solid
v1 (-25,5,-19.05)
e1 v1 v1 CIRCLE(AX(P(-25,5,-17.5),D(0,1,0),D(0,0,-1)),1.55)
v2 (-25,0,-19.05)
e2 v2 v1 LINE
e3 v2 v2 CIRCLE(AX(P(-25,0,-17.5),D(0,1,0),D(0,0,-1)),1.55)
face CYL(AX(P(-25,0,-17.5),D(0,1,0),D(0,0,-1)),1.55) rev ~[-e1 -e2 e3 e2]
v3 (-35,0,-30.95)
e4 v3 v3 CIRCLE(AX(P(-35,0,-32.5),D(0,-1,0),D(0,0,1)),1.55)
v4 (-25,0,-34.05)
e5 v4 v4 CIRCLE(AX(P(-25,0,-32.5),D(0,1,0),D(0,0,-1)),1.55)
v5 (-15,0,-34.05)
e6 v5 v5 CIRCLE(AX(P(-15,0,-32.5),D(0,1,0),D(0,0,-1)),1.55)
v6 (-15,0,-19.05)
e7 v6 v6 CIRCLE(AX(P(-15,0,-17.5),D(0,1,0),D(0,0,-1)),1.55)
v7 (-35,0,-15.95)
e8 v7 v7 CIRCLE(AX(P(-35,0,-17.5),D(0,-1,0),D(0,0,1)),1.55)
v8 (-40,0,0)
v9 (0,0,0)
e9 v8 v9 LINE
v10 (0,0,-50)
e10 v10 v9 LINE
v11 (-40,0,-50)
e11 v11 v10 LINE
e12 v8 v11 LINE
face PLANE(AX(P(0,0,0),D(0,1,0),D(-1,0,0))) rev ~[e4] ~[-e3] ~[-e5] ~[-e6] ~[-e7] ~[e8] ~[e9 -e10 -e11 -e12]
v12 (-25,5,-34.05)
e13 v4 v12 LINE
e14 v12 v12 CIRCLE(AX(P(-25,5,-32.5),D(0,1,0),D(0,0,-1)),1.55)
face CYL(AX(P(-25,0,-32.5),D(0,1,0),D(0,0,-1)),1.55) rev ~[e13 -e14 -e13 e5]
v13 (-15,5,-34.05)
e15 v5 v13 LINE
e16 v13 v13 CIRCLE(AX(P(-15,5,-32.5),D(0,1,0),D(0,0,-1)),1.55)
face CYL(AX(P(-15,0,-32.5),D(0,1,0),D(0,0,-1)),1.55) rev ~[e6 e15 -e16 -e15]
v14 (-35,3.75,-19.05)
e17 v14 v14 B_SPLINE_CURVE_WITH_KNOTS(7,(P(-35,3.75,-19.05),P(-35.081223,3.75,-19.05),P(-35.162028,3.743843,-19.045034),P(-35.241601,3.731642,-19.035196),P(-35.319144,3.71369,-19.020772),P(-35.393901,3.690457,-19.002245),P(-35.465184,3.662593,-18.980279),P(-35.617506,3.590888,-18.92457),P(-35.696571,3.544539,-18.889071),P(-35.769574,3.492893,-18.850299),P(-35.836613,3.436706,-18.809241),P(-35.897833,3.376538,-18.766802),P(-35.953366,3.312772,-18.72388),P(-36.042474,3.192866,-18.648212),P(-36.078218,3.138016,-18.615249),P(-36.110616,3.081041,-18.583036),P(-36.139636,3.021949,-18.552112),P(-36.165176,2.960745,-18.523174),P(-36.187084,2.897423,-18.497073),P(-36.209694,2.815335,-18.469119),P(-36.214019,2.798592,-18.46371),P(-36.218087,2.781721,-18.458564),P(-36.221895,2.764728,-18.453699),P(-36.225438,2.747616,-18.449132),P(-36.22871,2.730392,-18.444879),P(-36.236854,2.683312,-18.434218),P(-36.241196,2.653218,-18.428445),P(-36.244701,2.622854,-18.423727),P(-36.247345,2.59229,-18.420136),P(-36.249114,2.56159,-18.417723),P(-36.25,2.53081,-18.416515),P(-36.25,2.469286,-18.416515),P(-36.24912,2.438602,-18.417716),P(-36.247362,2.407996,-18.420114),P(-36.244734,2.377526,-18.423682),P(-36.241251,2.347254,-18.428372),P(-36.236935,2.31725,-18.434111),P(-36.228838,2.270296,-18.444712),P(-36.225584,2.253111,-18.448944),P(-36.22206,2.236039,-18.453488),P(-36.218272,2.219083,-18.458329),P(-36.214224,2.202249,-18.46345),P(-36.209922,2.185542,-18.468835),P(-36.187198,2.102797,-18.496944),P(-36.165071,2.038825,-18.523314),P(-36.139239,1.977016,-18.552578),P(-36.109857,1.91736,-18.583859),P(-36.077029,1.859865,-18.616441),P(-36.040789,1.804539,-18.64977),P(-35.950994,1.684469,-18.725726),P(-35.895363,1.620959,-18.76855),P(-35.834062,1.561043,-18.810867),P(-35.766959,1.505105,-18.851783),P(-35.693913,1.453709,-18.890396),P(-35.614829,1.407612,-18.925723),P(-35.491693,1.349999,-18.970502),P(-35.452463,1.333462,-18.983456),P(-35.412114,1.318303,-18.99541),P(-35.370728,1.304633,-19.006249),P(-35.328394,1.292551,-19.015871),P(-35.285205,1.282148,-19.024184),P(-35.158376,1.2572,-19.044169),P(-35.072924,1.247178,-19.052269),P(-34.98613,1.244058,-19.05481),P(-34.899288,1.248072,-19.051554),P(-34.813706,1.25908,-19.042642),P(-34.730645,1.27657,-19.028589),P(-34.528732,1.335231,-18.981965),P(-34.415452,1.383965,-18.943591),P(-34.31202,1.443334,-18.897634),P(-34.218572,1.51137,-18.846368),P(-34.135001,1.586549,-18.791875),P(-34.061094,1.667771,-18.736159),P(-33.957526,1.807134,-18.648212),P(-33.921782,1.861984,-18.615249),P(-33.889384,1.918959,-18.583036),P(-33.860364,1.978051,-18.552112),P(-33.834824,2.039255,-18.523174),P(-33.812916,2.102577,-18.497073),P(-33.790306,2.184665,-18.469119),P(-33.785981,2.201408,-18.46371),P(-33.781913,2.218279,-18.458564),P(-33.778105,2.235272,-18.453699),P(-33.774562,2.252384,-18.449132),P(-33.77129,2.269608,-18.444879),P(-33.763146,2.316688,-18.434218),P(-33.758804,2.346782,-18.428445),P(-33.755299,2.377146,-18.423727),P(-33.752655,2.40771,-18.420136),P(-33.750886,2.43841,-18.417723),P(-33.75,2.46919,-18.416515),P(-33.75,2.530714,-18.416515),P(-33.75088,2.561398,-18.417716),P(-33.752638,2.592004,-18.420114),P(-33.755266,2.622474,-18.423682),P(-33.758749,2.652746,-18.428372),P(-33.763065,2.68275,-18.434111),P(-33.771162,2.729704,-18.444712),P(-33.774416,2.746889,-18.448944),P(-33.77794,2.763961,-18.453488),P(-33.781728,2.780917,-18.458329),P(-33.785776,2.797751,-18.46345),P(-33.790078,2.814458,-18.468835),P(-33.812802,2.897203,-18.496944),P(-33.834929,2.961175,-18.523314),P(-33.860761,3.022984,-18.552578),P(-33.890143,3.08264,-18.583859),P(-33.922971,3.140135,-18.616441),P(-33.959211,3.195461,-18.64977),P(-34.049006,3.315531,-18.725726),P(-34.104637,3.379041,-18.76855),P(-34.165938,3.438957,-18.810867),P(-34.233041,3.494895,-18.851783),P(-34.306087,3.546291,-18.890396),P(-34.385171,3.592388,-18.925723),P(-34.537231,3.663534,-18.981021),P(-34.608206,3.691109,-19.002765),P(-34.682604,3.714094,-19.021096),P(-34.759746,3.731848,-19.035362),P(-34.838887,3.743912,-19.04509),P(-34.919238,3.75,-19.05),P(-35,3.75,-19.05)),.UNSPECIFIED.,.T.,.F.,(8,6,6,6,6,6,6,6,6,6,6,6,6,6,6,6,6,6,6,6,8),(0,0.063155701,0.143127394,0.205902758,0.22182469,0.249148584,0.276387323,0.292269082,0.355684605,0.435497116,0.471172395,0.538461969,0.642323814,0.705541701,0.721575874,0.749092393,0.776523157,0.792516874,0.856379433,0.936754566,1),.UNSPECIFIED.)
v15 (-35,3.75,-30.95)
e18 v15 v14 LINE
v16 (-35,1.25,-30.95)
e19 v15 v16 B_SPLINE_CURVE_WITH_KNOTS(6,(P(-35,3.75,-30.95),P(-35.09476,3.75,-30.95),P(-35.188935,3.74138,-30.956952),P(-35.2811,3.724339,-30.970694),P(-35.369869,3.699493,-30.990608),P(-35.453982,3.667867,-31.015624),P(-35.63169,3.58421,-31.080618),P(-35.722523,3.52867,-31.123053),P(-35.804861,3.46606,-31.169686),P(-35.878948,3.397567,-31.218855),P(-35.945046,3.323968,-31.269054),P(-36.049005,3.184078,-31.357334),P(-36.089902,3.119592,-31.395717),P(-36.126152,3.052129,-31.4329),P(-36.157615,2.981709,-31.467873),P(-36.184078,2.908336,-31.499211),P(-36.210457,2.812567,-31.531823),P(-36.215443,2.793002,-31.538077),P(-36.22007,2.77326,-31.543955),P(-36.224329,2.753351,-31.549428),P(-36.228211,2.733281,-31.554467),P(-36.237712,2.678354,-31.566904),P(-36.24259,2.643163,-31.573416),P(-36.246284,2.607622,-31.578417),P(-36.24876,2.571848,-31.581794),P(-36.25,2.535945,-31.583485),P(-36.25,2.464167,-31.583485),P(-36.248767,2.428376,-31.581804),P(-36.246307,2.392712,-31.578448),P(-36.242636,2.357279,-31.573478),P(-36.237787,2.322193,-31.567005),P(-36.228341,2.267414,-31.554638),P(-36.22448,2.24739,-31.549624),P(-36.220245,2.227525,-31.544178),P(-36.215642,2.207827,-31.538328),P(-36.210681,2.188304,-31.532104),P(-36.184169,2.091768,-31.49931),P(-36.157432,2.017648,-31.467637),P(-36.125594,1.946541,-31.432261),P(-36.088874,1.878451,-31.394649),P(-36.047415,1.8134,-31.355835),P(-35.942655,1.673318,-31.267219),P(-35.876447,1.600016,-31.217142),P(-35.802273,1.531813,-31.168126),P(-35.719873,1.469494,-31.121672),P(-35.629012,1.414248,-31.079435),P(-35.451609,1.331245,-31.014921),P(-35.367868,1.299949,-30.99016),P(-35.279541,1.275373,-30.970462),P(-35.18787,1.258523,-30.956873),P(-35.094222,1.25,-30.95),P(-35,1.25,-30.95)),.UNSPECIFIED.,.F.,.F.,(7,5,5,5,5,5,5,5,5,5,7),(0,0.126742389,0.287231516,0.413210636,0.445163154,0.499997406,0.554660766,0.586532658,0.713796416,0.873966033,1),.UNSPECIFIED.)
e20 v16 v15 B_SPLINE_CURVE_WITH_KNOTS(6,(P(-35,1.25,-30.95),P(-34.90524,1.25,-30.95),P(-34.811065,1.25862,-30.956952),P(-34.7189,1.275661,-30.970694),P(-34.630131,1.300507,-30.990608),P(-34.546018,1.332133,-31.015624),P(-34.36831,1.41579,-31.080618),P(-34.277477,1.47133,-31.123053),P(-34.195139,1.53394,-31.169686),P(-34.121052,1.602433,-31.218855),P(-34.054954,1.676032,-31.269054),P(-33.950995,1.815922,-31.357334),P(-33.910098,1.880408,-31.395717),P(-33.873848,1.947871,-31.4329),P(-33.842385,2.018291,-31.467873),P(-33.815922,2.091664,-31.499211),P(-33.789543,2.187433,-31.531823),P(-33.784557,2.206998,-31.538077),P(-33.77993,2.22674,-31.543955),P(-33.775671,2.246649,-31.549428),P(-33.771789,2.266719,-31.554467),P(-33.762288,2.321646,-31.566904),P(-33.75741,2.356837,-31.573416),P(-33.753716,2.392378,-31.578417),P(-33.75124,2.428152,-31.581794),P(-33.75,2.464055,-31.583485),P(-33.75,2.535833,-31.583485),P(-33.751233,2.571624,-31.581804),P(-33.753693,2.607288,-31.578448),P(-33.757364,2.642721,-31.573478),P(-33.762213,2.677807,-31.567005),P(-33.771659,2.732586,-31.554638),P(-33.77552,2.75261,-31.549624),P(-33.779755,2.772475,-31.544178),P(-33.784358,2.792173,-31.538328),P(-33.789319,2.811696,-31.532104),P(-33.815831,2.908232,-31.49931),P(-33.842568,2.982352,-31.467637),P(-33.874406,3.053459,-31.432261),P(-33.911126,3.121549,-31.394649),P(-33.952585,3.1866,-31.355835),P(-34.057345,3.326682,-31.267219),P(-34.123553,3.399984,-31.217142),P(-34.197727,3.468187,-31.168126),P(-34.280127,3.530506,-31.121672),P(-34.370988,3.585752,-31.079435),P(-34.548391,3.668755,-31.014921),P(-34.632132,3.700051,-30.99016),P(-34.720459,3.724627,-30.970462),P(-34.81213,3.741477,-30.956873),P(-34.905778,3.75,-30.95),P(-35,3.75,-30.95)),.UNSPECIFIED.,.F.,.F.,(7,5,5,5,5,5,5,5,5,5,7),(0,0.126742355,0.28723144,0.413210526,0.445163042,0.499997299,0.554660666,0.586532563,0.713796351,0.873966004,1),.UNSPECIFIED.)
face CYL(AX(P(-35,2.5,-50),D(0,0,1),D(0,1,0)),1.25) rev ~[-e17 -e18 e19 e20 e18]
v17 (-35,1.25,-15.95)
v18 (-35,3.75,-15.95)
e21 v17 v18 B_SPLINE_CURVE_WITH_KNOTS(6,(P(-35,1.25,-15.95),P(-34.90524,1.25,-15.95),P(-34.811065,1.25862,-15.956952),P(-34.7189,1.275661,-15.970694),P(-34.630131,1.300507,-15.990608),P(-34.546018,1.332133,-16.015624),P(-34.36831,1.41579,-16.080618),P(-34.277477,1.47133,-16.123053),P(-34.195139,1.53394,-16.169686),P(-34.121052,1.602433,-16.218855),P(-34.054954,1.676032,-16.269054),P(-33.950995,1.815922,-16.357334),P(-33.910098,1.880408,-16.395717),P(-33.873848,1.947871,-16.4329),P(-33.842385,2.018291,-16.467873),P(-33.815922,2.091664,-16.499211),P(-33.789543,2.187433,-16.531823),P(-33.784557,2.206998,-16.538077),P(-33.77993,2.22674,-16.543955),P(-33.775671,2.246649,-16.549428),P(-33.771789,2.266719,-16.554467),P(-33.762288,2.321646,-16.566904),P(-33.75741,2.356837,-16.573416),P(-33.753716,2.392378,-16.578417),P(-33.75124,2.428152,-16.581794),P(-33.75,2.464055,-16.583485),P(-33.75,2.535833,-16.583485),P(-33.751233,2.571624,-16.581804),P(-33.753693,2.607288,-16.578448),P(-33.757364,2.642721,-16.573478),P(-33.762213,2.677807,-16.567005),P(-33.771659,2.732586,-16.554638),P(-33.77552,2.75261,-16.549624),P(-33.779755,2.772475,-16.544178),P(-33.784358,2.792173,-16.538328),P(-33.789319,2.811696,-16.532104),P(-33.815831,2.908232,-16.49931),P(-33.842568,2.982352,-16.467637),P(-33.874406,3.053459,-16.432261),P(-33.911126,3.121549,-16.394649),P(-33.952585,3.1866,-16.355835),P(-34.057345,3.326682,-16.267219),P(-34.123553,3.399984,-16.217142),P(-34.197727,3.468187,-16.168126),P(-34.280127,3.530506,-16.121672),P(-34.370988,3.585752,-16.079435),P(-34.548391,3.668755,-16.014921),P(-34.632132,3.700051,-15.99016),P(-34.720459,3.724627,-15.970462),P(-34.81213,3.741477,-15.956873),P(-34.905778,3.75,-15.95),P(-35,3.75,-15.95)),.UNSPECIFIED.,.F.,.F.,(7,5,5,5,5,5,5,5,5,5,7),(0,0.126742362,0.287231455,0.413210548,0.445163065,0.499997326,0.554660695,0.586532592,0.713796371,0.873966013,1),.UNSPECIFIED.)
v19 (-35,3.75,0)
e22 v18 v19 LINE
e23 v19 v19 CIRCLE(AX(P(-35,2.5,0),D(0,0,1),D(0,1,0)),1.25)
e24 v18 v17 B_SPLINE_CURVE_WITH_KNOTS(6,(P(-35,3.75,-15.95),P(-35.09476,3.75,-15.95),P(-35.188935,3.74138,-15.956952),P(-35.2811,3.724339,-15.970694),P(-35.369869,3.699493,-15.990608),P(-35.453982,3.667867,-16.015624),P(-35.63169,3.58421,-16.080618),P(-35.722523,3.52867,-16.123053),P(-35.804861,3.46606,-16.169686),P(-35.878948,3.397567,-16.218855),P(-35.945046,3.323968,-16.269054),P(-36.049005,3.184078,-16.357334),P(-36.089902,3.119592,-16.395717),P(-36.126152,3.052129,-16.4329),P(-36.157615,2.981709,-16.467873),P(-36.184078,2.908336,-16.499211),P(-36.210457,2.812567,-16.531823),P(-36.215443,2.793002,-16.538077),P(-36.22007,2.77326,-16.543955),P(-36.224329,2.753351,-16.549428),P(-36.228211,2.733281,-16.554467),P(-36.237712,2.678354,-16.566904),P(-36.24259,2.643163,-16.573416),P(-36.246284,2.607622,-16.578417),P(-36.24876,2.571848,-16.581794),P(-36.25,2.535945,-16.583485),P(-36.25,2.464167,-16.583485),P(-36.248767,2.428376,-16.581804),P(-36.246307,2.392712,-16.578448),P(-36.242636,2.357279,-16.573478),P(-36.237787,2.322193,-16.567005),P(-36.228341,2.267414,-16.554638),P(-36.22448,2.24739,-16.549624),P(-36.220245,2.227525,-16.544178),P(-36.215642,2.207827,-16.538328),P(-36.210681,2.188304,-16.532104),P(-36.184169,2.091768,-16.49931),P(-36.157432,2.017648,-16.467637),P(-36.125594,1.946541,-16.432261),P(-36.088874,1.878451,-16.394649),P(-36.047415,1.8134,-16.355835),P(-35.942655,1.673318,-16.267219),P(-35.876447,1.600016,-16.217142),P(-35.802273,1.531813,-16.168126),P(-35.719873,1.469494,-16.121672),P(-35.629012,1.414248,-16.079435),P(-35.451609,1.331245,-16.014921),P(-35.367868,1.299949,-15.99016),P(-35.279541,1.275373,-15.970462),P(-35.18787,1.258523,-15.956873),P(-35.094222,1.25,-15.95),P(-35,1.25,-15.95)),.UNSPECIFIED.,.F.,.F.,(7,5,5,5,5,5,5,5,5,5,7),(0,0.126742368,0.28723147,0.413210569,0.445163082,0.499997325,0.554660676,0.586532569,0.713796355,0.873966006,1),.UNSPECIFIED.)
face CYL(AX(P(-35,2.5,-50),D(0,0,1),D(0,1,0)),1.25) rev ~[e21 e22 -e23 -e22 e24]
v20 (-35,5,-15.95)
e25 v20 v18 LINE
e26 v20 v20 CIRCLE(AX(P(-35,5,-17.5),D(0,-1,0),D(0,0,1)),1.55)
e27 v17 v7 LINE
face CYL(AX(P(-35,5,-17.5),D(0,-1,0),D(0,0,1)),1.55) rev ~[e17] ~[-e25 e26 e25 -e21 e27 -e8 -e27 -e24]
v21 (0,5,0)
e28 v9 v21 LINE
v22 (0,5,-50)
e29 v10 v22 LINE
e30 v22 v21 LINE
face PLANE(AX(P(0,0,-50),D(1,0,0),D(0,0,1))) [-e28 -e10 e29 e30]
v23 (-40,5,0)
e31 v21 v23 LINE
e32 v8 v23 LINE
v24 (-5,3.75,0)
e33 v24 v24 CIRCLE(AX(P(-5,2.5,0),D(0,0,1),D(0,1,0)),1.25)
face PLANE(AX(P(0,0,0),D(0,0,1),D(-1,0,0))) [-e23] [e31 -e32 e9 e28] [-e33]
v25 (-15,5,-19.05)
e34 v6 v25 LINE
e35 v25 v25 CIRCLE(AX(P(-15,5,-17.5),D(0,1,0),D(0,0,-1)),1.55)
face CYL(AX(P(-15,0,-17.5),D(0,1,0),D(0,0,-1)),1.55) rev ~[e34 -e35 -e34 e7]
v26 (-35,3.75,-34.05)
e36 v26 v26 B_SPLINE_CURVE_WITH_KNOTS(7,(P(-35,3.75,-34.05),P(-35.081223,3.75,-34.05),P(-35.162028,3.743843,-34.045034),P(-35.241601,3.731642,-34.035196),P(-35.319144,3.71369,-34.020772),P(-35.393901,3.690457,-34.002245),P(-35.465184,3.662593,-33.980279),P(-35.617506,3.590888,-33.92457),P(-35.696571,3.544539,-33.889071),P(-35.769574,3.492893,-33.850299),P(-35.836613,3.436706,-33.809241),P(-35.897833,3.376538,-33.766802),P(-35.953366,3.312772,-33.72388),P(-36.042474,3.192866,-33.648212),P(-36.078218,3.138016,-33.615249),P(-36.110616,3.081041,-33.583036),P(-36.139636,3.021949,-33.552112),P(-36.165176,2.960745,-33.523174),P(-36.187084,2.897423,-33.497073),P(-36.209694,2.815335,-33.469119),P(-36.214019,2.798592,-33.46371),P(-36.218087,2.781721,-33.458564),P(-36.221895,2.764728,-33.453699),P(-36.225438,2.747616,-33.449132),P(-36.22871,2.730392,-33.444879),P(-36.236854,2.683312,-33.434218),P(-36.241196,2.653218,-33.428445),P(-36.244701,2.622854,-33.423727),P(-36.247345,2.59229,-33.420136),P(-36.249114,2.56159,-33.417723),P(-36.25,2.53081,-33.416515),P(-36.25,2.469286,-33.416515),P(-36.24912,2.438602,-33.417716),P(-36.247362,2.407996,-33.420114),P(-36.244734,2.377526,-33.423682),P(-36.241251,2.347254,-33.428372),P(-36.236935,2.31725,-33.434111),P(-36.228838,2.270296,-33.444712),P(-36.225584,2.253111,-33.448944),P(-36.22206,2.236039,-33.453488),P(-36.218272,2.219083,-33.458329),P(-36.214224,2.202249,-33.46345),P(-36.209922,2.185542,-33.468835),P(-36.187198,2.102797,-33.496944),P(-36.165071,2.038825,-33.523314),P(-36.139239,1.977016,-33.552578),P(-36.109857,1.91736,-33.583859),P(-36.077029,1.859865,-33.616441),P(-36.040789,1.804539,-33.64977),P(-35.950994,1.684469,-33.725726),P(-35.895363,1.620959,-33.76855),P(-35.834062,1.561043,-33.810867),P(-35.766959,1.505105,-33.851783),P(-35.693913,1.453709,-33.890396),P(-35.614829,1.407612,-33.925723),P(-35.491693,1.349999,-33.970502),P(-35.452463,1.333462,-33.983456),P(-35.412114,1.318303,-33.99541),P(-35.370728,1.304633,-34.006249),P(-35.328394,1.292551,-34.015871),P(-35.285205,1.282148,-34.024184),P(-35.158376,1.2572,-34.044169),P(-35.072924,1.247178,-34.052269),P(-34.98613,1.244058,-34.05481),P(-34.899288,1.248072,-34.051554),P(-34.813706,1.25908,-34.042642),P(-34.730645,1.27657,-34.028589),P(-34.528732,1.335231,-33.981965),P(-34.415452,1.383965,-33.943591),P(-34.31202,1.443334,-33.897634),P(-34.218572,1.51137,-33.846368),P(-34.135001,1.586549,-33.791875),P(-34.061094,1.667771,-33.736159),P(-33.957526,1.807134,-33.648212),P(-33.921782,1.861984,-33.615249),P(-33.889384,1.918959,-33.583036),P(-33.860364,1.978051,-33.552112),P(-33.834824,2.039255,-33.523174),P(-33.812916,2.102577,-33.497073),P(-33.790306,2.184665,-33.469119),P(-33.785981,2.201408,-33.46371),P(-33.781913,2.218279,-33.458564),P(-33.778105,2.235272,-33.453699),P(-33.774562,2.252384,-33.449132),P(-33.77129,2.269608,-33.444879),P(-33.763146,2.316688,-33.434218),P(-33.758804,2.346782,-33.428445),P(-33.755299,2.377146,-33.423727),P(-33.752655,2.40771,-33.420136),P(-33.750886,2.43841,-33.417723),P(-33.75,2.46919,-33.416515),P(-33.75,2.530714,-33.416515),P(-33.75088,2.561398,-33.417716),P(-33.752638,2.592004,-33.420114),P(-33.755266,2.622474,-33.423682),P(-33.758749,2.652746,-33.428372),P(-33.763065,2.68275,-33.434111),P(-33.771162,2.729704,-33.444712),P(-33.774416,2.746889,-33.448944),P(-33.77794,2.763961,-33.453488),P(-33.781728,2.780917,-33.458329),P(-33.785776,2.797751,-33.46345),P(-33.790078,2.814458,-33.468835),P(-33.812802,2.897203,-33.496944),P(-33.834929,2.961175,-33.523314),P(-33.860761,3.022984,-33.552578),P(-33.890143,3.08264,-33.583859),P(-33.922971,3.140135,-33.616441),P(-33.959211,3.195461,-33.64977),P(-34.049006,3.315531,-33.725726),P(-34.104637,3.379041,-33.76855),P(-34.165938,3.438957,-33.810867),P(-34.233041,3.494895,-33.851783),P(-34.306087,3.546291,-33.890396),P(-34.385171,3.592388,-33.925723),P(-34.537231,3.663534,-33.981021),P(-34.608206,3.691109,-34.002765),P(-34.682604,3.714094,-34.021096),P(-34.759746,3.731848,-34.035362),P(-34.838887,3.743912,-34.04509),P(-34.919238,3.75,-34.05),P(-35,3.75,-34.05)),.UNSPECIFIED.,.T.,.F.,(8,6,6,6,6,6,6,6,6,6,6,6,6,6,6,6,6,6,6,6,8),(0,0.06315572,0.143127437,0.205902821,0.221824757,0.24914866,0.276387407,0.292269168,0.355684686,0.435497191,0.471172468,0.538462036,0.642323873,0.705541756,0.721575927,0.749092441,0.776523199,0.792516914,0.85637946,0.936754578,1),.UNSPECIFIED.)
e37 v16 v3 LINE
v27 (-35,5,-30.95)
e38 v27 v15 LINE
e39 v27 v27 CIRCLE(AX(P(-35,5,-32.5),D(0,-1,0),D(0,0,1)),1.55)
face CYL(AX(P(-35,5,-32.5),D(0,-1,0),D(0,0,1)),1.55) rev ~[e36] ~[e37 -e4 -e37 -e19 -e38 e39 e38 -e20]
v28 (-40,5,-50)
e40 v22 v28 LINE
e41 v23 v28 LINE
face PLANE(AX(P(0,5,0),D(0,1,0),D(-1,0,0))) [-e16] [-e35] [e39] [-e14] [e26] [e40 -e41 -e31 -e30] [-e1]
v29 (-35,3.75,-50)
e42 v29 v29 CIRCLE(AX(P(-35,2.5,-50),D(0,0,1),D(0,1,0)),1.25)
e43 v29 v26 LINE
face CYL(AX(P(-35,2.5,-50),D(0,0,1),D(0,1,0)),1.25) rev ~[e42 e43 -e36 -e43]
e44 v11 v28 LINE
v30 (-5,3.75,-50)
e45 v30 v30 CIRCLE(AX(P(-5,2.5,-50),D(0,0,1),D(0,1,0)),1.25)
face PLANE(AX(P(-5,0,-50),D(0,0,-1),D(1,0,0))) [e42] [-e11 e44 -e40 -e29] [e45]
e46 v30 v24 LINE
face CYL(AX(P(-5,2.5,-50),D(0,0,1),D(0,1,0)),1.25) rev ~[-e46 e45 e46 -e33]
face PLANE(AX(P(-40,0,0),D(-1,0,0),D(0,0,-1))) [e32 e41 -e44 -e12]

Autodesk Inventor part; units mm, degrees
ref_plane "YZ Plane" through (0, 0, 0) normal (1, 0, 0) x (0, 1, 0)
ref_plane "XZ Plane" through (0, 0, 0) normal (0, 1, 0) x (-1, 0, 0)
ref_plane "XY Plane" through (0, 0, 0) normal (0, 0, 1) x (1, 0, 0)
sketch "スケッチ1" plane through (0, 0, 0) normal (0, 1, 0) x (-1, 0, 0)
  line L0 (0, 0) -> (40, 0)
  line L1 (40, 0) -> (40, -50)
  line L2 (40, -50) -> (0, -50)
  line L3 (0, -50) -> (0, 0)
  line L4 (35, -50) -> (35, 0)
  line L5 (30, -50) -> (30, 0)
  line L6 (25, -50) -> (25, 0)
  line L7 (20, -50) -> (20, 0)
  line L8 (15, -50) -> (15, 0)
  line L9 (10, -50) -> (10, 0)
  line L10 (5, -50) -> (5, 0)
  dimension "d0" = 40
  dimension "d1" = 50
  dimension "d2" = 5
  dimension "d6" = 5
extrude "押し出し1" add sketch "スケッチ1" along normal blind 5
sketch "スケッチ4" plane through (0, 0, 0) normal (0, -1, 0) x (1, 0, 0)
  line L0 (-40, -50) -> (-40, 0) projected
  line L1 (-40, -17.5) -> (0, -17.5)
  line L2 (0, 0) -> (0, -50) projected
  line L3 (0, -32.5) -> (-35, -32.5)
  line L4 (-40, 0) -> (0, 0) projected
  line L5 (0, -50) -> (-40, -50) projected
  line L6 (-25, -50) -> (-25, 0) projected
  line L7 (-20, -50) -> (-20, 0) projected
  line L8 (-15, -50) -> (-15, 0) projected
  line L9 (-40, -25) -> (0, -25)
  point P0 (-25, -17.5)
  point P1 (-15, -17.5)
  point P2 (-15, -32.5)
  point P3 (-25, -32.5)
  dimension "d49" = 15
  dimension "d50" = 15
hole "穴3" at (-15, 0, -17.5) at (-15, 0, -32.5) at (-25, 0, -17.5) at (-25, 0, -32.5) direction (0, 1, 0) diameter 3.1 end through all
sketch "スケッチ5" plane through (0, 0, -50) normal (0, 0, -1) x (-1, 0, 0)
  line L0 (40, 0) -> (40, 5) projected
  line L1 (40, 2.5) -> (0, 2.5)
  line L2 (0, 0) -> (0, 5) projected
  point P0 (35, 0)
  point P1 (35, 0)
  point P2 (35, 0)
  point P3 (5, 0)
  point P4 (5, 0)
  point P5 (5, 0)
  point P6 (35, 2.5)
  point P7 (5, 2.5)
hole "穴4" at (-35, 2.5, -50) at (-5, 2.5, -50) direction (0, 0, 1) diameter 2.5 end through all
sketch "スケッチ6" plane through (0, 5, 0) normal (0, 1, 0) x (1, 0, 0)
  line L0 (-40, 0) -> (0, 0) projected
  line L1 (-35, 0) -> (-35, 50)
  line L2 (-6.25, 0) -> (-6.25, 50) projected
  circle A0 centre (-15, 32.5) radius 1.55 projected
  circle A1 centre (-25, 32.5) radius 1.55 projected
  point P0 (-35, 32.5)
  point P1 (-35, 17.5)
  dimension "d52" = 15
  dimension "d60" = 10
hole "穴5" at (-35, 5, -32.5) at (-35, 5, -17.5) direction (0, -1, 0) diameter 3.1 end through all
properties part number "hand2_11" material "アルミニウム 6061-AHC"
